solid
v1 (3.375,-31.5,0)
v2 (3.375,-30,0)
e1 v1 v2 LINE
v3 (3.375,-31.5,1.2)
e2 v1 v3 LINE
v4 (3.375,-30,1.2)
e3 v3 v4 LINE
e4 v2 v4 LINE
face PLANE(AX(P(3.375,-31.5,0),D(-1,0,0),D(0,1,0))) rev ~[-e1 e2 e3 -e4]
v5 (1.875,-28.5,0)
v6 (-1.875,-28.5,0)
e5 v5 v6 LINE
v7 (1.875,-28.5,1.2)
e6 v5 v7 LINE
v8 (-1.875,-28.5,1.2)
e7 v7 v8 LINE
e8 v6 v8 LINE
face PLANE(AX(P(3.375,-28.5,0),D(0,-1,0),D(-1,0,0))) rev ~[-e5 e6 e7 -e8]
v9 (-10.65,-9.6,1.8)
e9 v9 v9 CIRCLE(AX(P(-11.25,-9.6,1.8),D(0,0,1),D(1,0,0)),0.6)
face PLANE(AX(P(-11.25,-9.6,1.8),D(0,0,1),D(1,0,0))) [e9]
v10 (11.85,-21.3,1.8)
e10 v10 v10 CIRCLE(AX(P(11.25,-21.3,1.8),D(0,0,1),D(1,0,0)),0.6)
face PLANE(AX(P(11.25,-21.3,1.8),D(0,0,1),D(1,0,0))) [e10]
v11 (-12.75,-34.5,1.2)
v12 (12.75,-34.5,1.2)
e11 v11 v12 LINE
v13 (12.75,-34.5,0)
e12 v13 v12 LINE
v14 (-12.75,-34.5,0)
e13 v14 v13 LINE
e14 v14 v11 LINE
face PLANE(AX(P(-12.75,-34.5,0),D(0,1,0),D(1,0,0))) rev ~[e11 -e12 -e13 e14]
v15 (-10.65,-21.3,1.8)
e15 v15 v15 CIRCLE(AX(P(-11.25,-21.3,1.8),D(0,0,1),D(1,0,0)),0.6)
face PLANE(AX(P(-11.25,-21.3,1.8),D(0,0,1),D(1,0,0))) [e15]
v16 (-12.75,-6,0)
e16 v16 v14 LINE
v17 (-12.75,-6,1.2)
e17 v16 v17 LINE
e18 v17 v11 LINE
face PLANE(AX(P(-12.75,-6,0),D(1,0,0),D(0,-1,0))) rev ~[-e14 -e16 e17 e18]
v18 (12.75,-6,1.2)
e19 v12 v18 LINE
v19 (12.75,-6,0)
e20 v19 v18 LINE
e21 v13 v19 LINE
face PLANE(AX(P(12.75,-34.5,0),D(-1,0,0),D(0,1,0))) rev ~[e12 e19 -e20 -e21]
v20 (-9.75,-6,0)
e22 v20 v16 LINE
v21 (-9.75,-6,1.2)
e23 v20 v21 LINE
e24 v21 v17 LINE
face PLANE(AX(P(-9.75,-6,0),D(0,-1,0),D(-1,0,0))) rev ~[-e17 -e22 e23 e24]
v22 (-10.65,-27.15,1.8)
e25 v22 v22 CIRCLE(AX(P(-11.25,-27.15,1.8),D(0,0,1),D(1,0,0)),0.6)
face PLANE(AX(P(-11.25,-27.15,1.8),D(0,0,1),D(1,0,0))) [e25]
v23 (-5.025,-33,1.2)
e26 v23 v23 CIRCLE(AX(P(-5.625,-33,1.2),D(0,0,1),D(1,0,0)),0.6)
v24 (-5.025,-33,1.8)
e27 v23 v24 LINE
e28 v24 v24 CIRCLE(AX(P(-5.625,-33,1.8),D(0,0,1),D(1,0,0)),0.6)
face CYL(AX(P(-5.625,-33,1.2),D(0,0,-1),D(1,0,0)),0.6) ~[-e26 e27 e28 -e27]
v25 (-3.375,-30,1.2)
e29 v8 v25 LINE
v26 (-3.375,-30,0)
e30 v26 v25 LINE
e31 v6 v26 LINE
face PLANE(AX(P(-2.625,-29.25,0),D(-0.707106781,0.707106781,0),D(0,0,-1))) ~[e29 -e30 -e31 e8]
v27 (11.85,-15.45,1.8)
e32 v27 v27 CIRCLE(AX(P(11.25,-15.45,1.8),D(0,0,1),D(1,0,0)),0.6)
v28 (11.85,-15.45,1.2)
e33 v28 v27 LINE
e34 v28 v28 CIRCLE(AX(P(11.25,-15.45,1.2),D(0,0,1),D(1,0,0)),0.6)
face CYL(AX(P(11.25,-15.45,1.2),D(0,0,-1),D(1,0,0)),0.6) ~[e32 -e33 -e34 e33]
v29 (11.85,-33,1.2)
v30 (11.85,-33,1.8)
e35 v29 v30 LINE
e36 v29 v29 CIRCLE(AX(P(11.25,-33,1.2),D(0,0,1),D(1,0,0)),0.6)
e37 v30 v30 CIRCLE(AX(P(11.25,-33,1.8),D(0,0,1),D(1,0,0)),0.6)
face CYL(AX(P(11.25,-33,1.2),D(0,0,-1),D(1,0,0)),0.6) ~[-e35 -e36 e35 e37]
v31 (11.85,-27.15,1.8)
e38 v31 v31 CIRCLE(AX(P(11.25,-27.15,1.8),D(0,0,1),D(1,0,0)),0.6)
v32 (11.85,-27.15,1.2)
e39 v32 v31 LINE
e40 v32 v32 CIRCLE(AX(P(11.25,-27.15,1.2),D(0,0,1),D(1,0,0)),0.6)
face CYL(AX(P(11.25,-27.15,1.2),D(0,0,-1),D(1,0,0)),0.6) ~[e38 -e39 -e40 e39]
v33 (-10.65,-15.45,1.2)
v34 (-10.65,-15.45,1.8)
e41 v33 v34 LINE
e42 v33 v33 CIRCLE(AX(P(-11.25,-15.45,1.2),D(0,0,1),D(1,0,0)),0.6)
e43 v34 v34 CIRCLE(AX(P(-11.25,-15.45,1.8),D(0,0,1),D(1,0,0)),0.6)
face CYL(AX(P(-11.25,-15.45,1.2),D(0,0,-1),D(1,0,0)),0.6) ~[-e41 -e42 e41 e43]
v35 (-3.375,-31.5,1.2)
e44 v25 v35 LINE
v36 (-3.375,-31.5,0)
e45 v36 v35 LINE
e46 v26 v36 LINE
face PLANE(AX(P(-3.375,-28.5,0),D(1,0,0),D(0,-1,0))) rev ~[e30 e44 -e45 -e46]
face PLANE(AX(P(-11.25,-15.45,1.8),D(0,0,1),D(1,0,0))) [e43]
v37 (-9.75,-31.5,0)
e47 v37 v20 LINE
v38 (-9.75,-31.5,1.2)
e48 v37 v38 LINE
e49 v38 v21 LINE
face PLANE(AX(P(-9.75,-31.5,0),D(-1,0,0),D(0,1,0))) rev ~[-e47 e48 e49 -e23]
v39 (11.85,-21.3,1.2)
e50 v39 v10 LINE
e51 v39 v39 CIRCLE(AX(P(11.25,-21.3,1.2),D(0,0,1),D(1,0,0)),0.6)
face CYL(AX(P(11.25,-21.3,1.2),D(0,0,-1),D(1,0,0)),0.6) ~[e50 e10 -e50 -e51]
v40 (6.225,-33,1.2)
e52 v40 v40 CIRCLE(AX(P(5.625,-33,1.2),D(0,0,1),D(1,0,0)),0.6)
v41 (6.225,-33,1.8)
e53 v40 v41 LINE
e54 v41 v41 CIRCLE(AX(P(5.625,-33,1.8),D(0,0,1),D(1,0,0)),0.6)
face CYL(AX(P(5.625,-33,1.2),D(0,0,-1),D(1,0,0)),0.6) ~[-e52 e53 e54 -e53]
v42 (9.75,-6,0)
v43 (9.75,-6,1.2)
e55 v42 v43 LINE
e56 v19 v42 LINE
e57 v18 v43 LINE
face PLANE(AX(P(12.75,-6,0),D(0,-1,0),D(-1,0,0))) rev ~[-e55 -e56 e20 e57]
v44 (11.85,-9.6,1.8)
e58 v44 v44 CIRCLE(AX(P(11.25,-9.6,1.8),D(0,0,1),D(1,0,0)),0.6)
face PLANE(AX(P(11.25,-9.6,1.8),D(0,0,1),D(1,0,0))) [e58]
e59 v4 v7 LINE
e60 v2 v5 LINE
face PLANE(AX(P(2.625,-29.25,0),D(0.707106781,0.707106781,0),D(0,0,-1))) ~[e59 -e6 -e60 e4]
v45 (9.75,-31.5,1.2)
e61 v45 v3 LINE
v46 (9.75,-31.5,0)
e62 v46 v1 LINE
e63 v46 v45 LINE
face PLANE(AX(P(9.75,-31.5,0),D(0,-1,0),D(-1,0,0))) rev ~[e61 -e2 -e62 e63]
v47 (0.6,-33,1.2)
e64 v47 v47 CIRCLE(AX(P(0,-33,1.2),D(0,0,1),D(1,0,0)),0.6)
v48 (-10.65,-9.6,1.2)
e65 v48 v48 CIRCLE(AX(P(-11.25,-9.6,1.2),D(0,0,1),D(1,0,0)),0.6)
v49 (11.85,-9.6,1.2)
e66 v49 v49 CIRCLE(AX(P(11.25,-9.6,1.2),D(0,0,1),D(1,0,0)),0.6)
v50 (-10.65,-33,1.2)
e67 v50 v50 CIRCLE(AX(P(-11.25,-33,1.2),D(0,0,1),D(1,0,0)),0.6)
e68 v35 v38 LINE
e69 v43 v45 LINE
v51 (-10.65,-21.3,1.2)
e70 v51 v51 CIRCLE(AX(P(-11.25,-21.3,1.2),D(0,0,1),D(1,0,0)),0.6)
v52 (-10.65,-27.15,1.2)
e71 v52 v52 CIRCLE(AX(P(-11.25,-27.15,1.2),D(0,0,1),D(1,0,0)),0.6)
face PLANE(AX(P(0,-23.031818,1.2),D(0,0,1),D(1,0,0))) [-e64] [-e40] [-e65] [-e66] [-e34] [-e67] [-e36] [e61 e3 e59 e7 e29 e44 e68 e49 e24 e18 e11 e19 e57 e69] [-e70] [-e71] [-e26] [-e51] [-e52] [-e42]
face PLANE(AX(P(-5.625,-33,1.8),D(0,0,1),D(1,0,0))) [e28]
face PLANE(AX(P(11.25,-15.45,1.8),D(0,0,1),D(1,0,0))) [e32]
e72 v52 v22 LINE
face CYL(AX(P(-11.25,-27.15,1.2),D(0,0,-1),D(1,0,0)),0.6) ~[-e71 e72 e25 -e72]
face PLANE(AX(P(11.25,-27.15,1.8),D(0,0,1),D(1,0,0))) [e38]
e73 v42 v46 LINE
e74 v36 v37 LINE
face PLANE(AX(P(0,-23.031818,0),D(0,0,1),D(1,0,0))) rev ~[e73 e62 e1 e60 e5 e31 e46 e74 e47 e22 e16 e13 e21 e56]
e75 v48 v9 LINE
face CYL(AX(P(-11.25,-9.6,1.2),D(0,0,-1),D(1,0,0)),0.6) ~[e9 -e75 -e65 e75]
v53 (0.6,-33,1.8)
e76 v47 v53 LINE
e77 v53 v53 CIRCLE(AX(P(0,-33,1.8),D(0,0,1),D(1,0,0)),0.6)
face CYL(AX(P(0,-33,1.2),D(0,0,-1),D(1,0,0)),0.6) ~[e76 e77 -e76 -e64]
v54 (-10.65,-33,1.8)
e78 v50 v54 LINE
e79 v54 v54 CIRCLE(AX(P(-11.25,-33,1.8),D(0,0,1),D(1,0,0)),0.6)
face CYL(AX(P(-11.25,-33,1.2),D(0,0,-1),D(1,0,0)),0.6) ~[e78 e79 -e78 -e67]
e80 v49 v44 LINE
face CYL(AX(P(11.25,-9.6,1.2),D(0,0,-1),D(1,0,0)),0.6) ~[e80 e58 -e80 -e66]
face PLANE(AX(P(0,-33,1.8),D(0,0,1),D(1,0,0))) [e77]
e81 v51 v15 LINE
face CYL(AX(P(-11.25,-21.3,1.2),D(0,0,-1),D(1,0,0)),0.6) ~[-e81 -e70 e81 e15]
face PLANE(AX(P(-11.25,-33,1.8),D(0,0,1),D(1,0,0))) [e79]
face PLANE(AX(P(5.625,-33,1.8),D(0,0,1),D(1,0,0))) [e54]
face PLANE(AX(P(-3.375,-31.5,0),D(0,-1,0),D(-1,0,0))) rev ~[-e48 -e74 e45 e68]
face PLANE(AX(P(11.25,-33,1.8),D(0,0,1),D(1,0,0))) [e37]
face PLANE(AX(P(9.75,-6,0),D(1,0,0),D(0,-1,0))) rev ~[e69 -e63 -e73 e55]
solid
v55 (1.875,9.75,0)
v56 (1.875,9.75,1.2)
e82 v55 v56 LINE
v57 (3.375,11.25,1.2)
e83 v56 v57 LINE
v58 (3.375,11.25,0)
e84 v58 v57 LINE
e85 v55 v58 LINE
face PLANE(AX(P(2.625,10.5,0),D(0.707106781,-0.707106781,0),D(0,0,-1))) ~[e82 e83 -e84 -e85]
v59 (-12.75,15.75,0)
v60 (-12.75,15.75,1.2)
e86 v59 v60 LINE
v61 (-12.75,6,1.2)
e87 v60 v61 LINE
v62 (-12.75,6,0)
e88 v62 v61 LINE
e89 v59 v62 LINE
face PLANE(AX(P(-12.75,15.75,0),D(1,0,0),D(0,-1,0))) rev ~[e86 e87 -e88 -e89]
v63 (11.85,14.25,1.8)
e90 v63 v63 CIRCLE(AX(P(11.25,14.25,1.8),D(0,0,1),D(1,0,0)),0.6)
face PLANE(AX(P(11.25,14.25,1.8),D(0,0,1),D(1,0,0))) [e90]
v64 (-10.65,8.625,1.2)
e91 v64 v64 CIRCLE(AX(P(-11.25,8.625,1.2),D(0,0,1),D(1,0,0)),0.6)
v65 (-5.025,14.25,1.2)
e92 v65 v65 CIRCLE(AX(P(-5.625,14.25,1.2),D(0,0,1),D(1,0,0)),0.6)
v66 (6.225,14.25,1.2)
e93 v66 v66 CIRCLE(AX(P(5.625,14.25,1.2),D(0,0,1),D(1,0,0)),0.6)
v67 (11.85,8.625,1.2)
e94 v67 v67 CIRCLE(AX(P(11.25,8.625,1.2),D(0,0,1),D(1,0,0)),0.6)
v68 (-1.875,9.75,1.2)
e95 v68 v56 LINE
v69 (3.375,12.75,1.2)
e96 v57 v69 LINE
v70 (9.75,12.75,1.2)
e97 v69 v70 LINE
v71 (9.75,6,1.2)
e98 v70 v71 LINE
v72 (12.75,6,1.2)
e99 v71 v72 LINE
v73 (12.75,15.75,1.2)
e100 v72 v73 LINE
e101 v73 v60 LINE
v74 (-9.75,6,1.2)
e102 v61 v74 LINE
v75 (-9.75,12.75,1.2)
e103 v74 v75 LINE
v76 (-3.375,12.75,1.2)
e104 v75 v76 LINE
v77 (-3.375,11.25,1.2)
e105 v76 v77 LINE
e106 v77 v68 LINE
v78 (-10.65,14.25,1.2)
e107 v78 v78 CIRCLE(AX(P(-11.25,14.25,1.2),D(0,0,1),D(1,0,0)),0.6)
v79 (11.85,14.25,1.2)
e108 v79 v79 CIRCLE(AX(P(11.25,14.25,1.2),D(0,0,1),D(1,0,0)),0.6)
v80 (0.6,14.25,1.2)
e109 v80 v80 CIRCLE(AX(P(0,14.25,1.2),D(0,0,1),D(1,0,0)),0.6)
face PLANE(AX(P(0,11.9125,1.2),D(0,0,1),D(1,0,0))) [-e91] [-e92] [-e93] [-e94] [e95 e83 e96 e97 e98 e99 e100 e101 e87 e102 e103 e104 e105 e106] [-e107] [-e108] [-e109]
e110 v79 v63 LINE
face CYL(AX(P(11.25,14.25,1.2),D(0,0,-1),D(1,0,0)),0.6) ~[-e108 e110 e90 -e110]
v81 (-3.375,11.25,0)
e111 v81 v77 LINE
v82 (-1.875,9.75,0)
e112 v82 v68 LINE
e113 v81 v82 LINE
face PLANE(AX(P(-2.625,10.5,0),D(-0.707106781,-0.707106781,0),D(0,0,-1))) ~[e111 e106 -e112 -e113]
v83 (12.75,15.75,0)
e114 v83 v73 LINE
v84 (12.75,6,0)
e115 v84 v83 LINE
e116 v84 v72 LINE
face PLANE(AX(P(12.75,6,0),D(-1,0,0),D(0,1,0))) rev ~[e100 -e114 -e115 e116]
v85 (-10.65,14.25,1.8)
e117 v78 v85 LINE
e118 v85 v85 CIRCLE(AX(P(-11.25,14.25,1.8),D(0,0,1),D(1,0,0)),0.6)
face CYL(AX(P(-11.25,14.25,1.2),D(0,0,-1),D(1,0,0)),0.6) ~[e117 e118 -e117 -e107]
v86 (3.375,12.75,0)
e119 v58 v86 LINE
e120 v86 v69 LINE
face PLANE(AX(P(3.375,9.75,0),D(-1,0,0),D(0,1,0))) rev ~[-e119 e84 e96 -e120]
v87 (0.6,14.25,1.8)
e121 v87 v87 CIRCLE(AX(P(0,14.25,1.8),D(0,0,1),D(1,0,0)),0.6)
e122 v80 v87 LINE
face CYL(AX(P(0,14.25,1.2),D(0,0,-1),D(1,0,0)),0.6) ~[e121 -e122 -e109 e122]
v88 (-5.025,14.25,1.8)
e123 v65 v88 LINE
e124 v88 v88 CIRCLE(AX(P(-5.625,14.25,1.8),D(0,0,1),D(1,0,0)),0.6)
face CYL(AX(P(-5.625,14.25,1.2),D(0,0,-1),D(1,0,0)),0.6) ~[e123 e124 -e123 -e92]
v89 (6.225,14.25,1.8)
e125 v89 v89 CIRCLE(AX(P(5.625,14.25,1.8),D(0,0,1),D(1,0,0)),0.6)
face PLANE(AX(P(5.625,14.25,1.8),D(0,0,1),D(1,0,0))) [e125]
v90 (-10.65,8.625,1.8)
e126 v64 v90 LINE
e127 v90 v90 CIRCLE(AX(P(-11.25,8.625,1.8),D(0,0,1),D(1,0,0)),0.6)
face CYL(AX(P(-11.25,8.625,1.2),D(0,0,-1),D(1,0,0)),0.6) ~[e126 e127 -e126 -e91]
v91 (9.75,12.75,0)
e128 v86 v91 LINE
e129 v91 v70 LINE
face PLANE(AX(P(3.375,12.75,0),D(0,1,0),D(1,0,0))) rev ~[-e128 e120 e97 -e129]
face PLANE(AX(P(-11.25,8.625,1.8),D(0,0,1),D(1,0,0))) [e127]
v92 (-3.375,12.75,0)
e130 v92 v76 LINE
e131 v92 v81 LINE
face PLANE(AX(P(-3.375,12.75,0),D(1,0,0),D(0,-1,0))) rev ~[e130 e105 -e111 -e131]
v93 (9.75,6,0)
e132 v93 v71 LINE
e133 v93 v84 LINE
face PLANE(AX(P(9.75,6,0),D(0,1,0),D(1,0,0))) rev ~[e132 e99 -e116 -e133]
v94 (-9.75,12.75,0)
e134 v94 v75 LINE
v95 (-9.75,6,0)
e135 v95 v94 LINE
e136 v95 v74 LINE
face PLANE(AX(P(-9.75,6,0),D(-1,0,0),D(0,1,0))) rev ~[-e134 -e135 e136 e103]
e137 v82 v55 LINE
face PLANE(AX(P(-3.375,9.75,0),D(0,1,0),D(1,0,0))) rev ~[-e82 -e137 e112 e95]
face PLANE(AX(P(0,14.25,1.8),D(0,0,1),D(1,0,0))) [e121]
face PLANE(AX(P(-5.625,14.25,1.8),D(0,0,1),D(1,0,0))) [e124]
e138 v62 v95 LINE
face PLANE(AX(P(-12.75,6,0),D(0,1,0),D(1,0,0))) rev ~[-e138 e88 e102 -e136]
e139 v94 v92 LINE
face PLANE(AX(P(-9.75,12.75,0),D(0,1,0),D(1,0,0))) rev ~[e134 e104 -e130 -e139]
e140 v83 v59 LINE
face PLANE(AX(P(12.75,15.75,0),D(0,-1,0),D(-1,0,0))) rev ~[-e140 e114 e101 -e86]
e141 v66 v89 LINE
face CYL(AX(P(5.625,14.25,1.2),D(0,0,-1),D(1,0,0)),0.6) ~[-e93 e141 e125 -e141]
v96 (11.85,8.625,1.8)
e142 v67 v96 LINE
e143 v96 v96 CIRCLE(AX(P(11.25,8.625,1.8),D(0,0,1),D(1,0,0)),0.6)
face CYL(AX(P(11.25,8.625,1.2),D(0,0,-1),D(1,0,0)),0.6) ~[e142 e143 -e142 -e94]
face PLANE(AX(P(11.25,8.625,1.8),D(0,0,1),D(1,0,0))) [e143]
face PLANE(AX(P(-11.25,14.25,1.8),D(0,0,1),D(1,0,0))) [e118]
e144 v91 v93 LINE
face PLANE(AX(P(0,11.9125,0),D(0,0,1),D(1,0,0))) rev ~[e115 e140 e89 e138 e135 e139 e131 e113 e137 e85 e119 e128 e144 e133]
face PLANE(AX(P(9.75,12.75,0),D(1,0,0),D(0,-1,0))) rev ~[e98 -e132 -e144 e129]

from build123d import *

# Parameters (mm, degrees)
F2_DEPTH  = 1.2
F3_R      = 0.6
F4_DEPTH  = 0.6
F5_SIZE   = 1.5
F5_2_SIZE = 1.5


with BuildPart() as f2:
    # F1 (on Top) → F2 (new body)
    with BuildSketch(Plane.XY):
        Polygon((12.75, 15.75), (-12.75, 15.75), (-12.75, 6), (-9.75, 6), (-9.75, 12.75), (-3.375, 12.75), (-3.375, 9.75), (3.375, 9.75), (3.375, 12.75), (9.75, 12.75), (9.75, 6), (12.75, 6), align=None)
    extrude(amount=F2_DEPTH)

    # F3 (on face) → F4 (join)
    with BuildSketch(Plane.XY.offset(1.2)):
        with Locations((-11.25, 14.25)):
            Circle(F3_R)
        with Locations((-5.625, 14.25)):
            Circle(F3_R)
        with Locations((0, 14.25)):
            Circle(F3_R)
        with Locations((5.625, 14.25)):
            Circle(F3_R)
        with Locations((11.25, 14.25)):
            Circle(F3_R)
        with Locations((-11.25, 8.625)):
            Circle(F3_R)
        with Locations((11.25, 8.625)):
            Circle(F3_R)
    extrude(amount=F4_DEPTH)

    # F5
    f5_edges = [f2.edges().sort_by_distance(p)[0] for p in [
        (-3.375, 9.75, 0.6),
        (3.375, 9.75, 0.6),
    ]]
    chamfer(f5_edges, length=F5_SIZE)


with BuildPart() as f2b:
    # F1 (on Top) → F2, piece 2 (new body)
    with BuildSketch(Plane.XY):
        Polygon((-12.75, -6), (-12.75, -34.5), (12.75, -34.5), (12.75, -6), (9.75, -6), (9.75, -31.5), (3.375, -31.5), (3.375, -28.5), (-3.375, -28.5), (-3.375, -31.5), (-9.75, -31.5), (-9.75, -6), align=None)
    extrude(amount=F2_DEPTH)

    # F3 (on face) → F4, piece 2 (join)
    with BuildSketch(Plane.XY.offset(1.2)):
        with Locations((0, -33)):
            Circle(F3_R)
        with Locations((5.625, -33)):
            Circle(F3_R)
        with Locations((11.25, -33)):
            Circle(F3_R)
        with Locations((-5.625, -33)):
            Circle(F3_R)
        with Locations((-11.25, -33)):
            Circle(F3_R)
        with Locations((-11.25, -27.15)):
            Circle(F3_R)
        with Locations((-11.25, -21.3)):
            Circle(F3_R)
        with Locations((-11.25, -15.45)):
            Circle(F3_R)
        with Locations((-11.25, -9.6)):
            Circle(F3_R)
        with Locations((11.25, -27.15)):
            Circle(F3_R)
        with Locations((11.25, -21.3)):
            Circle(F3_R)
        with Locations((11.25, -15.45)):
            Circle(F3_R)
        with Locations((11.25, -9.6)):
            Circle(F3_R)
    extrude(amount=F4_DEPTH)

    # F5#2
    f5_2_edges = [f2b.edges().sort_by_distance(p)[0] for p in [
        (3.375, -28.5, 0.6),
        (-3.375, -28.5, 0.6),
    ]]
    chamfer(f5_2_edges, length=F5_2_SIZE)


solid = Compound([f2.part, f2b.part])
